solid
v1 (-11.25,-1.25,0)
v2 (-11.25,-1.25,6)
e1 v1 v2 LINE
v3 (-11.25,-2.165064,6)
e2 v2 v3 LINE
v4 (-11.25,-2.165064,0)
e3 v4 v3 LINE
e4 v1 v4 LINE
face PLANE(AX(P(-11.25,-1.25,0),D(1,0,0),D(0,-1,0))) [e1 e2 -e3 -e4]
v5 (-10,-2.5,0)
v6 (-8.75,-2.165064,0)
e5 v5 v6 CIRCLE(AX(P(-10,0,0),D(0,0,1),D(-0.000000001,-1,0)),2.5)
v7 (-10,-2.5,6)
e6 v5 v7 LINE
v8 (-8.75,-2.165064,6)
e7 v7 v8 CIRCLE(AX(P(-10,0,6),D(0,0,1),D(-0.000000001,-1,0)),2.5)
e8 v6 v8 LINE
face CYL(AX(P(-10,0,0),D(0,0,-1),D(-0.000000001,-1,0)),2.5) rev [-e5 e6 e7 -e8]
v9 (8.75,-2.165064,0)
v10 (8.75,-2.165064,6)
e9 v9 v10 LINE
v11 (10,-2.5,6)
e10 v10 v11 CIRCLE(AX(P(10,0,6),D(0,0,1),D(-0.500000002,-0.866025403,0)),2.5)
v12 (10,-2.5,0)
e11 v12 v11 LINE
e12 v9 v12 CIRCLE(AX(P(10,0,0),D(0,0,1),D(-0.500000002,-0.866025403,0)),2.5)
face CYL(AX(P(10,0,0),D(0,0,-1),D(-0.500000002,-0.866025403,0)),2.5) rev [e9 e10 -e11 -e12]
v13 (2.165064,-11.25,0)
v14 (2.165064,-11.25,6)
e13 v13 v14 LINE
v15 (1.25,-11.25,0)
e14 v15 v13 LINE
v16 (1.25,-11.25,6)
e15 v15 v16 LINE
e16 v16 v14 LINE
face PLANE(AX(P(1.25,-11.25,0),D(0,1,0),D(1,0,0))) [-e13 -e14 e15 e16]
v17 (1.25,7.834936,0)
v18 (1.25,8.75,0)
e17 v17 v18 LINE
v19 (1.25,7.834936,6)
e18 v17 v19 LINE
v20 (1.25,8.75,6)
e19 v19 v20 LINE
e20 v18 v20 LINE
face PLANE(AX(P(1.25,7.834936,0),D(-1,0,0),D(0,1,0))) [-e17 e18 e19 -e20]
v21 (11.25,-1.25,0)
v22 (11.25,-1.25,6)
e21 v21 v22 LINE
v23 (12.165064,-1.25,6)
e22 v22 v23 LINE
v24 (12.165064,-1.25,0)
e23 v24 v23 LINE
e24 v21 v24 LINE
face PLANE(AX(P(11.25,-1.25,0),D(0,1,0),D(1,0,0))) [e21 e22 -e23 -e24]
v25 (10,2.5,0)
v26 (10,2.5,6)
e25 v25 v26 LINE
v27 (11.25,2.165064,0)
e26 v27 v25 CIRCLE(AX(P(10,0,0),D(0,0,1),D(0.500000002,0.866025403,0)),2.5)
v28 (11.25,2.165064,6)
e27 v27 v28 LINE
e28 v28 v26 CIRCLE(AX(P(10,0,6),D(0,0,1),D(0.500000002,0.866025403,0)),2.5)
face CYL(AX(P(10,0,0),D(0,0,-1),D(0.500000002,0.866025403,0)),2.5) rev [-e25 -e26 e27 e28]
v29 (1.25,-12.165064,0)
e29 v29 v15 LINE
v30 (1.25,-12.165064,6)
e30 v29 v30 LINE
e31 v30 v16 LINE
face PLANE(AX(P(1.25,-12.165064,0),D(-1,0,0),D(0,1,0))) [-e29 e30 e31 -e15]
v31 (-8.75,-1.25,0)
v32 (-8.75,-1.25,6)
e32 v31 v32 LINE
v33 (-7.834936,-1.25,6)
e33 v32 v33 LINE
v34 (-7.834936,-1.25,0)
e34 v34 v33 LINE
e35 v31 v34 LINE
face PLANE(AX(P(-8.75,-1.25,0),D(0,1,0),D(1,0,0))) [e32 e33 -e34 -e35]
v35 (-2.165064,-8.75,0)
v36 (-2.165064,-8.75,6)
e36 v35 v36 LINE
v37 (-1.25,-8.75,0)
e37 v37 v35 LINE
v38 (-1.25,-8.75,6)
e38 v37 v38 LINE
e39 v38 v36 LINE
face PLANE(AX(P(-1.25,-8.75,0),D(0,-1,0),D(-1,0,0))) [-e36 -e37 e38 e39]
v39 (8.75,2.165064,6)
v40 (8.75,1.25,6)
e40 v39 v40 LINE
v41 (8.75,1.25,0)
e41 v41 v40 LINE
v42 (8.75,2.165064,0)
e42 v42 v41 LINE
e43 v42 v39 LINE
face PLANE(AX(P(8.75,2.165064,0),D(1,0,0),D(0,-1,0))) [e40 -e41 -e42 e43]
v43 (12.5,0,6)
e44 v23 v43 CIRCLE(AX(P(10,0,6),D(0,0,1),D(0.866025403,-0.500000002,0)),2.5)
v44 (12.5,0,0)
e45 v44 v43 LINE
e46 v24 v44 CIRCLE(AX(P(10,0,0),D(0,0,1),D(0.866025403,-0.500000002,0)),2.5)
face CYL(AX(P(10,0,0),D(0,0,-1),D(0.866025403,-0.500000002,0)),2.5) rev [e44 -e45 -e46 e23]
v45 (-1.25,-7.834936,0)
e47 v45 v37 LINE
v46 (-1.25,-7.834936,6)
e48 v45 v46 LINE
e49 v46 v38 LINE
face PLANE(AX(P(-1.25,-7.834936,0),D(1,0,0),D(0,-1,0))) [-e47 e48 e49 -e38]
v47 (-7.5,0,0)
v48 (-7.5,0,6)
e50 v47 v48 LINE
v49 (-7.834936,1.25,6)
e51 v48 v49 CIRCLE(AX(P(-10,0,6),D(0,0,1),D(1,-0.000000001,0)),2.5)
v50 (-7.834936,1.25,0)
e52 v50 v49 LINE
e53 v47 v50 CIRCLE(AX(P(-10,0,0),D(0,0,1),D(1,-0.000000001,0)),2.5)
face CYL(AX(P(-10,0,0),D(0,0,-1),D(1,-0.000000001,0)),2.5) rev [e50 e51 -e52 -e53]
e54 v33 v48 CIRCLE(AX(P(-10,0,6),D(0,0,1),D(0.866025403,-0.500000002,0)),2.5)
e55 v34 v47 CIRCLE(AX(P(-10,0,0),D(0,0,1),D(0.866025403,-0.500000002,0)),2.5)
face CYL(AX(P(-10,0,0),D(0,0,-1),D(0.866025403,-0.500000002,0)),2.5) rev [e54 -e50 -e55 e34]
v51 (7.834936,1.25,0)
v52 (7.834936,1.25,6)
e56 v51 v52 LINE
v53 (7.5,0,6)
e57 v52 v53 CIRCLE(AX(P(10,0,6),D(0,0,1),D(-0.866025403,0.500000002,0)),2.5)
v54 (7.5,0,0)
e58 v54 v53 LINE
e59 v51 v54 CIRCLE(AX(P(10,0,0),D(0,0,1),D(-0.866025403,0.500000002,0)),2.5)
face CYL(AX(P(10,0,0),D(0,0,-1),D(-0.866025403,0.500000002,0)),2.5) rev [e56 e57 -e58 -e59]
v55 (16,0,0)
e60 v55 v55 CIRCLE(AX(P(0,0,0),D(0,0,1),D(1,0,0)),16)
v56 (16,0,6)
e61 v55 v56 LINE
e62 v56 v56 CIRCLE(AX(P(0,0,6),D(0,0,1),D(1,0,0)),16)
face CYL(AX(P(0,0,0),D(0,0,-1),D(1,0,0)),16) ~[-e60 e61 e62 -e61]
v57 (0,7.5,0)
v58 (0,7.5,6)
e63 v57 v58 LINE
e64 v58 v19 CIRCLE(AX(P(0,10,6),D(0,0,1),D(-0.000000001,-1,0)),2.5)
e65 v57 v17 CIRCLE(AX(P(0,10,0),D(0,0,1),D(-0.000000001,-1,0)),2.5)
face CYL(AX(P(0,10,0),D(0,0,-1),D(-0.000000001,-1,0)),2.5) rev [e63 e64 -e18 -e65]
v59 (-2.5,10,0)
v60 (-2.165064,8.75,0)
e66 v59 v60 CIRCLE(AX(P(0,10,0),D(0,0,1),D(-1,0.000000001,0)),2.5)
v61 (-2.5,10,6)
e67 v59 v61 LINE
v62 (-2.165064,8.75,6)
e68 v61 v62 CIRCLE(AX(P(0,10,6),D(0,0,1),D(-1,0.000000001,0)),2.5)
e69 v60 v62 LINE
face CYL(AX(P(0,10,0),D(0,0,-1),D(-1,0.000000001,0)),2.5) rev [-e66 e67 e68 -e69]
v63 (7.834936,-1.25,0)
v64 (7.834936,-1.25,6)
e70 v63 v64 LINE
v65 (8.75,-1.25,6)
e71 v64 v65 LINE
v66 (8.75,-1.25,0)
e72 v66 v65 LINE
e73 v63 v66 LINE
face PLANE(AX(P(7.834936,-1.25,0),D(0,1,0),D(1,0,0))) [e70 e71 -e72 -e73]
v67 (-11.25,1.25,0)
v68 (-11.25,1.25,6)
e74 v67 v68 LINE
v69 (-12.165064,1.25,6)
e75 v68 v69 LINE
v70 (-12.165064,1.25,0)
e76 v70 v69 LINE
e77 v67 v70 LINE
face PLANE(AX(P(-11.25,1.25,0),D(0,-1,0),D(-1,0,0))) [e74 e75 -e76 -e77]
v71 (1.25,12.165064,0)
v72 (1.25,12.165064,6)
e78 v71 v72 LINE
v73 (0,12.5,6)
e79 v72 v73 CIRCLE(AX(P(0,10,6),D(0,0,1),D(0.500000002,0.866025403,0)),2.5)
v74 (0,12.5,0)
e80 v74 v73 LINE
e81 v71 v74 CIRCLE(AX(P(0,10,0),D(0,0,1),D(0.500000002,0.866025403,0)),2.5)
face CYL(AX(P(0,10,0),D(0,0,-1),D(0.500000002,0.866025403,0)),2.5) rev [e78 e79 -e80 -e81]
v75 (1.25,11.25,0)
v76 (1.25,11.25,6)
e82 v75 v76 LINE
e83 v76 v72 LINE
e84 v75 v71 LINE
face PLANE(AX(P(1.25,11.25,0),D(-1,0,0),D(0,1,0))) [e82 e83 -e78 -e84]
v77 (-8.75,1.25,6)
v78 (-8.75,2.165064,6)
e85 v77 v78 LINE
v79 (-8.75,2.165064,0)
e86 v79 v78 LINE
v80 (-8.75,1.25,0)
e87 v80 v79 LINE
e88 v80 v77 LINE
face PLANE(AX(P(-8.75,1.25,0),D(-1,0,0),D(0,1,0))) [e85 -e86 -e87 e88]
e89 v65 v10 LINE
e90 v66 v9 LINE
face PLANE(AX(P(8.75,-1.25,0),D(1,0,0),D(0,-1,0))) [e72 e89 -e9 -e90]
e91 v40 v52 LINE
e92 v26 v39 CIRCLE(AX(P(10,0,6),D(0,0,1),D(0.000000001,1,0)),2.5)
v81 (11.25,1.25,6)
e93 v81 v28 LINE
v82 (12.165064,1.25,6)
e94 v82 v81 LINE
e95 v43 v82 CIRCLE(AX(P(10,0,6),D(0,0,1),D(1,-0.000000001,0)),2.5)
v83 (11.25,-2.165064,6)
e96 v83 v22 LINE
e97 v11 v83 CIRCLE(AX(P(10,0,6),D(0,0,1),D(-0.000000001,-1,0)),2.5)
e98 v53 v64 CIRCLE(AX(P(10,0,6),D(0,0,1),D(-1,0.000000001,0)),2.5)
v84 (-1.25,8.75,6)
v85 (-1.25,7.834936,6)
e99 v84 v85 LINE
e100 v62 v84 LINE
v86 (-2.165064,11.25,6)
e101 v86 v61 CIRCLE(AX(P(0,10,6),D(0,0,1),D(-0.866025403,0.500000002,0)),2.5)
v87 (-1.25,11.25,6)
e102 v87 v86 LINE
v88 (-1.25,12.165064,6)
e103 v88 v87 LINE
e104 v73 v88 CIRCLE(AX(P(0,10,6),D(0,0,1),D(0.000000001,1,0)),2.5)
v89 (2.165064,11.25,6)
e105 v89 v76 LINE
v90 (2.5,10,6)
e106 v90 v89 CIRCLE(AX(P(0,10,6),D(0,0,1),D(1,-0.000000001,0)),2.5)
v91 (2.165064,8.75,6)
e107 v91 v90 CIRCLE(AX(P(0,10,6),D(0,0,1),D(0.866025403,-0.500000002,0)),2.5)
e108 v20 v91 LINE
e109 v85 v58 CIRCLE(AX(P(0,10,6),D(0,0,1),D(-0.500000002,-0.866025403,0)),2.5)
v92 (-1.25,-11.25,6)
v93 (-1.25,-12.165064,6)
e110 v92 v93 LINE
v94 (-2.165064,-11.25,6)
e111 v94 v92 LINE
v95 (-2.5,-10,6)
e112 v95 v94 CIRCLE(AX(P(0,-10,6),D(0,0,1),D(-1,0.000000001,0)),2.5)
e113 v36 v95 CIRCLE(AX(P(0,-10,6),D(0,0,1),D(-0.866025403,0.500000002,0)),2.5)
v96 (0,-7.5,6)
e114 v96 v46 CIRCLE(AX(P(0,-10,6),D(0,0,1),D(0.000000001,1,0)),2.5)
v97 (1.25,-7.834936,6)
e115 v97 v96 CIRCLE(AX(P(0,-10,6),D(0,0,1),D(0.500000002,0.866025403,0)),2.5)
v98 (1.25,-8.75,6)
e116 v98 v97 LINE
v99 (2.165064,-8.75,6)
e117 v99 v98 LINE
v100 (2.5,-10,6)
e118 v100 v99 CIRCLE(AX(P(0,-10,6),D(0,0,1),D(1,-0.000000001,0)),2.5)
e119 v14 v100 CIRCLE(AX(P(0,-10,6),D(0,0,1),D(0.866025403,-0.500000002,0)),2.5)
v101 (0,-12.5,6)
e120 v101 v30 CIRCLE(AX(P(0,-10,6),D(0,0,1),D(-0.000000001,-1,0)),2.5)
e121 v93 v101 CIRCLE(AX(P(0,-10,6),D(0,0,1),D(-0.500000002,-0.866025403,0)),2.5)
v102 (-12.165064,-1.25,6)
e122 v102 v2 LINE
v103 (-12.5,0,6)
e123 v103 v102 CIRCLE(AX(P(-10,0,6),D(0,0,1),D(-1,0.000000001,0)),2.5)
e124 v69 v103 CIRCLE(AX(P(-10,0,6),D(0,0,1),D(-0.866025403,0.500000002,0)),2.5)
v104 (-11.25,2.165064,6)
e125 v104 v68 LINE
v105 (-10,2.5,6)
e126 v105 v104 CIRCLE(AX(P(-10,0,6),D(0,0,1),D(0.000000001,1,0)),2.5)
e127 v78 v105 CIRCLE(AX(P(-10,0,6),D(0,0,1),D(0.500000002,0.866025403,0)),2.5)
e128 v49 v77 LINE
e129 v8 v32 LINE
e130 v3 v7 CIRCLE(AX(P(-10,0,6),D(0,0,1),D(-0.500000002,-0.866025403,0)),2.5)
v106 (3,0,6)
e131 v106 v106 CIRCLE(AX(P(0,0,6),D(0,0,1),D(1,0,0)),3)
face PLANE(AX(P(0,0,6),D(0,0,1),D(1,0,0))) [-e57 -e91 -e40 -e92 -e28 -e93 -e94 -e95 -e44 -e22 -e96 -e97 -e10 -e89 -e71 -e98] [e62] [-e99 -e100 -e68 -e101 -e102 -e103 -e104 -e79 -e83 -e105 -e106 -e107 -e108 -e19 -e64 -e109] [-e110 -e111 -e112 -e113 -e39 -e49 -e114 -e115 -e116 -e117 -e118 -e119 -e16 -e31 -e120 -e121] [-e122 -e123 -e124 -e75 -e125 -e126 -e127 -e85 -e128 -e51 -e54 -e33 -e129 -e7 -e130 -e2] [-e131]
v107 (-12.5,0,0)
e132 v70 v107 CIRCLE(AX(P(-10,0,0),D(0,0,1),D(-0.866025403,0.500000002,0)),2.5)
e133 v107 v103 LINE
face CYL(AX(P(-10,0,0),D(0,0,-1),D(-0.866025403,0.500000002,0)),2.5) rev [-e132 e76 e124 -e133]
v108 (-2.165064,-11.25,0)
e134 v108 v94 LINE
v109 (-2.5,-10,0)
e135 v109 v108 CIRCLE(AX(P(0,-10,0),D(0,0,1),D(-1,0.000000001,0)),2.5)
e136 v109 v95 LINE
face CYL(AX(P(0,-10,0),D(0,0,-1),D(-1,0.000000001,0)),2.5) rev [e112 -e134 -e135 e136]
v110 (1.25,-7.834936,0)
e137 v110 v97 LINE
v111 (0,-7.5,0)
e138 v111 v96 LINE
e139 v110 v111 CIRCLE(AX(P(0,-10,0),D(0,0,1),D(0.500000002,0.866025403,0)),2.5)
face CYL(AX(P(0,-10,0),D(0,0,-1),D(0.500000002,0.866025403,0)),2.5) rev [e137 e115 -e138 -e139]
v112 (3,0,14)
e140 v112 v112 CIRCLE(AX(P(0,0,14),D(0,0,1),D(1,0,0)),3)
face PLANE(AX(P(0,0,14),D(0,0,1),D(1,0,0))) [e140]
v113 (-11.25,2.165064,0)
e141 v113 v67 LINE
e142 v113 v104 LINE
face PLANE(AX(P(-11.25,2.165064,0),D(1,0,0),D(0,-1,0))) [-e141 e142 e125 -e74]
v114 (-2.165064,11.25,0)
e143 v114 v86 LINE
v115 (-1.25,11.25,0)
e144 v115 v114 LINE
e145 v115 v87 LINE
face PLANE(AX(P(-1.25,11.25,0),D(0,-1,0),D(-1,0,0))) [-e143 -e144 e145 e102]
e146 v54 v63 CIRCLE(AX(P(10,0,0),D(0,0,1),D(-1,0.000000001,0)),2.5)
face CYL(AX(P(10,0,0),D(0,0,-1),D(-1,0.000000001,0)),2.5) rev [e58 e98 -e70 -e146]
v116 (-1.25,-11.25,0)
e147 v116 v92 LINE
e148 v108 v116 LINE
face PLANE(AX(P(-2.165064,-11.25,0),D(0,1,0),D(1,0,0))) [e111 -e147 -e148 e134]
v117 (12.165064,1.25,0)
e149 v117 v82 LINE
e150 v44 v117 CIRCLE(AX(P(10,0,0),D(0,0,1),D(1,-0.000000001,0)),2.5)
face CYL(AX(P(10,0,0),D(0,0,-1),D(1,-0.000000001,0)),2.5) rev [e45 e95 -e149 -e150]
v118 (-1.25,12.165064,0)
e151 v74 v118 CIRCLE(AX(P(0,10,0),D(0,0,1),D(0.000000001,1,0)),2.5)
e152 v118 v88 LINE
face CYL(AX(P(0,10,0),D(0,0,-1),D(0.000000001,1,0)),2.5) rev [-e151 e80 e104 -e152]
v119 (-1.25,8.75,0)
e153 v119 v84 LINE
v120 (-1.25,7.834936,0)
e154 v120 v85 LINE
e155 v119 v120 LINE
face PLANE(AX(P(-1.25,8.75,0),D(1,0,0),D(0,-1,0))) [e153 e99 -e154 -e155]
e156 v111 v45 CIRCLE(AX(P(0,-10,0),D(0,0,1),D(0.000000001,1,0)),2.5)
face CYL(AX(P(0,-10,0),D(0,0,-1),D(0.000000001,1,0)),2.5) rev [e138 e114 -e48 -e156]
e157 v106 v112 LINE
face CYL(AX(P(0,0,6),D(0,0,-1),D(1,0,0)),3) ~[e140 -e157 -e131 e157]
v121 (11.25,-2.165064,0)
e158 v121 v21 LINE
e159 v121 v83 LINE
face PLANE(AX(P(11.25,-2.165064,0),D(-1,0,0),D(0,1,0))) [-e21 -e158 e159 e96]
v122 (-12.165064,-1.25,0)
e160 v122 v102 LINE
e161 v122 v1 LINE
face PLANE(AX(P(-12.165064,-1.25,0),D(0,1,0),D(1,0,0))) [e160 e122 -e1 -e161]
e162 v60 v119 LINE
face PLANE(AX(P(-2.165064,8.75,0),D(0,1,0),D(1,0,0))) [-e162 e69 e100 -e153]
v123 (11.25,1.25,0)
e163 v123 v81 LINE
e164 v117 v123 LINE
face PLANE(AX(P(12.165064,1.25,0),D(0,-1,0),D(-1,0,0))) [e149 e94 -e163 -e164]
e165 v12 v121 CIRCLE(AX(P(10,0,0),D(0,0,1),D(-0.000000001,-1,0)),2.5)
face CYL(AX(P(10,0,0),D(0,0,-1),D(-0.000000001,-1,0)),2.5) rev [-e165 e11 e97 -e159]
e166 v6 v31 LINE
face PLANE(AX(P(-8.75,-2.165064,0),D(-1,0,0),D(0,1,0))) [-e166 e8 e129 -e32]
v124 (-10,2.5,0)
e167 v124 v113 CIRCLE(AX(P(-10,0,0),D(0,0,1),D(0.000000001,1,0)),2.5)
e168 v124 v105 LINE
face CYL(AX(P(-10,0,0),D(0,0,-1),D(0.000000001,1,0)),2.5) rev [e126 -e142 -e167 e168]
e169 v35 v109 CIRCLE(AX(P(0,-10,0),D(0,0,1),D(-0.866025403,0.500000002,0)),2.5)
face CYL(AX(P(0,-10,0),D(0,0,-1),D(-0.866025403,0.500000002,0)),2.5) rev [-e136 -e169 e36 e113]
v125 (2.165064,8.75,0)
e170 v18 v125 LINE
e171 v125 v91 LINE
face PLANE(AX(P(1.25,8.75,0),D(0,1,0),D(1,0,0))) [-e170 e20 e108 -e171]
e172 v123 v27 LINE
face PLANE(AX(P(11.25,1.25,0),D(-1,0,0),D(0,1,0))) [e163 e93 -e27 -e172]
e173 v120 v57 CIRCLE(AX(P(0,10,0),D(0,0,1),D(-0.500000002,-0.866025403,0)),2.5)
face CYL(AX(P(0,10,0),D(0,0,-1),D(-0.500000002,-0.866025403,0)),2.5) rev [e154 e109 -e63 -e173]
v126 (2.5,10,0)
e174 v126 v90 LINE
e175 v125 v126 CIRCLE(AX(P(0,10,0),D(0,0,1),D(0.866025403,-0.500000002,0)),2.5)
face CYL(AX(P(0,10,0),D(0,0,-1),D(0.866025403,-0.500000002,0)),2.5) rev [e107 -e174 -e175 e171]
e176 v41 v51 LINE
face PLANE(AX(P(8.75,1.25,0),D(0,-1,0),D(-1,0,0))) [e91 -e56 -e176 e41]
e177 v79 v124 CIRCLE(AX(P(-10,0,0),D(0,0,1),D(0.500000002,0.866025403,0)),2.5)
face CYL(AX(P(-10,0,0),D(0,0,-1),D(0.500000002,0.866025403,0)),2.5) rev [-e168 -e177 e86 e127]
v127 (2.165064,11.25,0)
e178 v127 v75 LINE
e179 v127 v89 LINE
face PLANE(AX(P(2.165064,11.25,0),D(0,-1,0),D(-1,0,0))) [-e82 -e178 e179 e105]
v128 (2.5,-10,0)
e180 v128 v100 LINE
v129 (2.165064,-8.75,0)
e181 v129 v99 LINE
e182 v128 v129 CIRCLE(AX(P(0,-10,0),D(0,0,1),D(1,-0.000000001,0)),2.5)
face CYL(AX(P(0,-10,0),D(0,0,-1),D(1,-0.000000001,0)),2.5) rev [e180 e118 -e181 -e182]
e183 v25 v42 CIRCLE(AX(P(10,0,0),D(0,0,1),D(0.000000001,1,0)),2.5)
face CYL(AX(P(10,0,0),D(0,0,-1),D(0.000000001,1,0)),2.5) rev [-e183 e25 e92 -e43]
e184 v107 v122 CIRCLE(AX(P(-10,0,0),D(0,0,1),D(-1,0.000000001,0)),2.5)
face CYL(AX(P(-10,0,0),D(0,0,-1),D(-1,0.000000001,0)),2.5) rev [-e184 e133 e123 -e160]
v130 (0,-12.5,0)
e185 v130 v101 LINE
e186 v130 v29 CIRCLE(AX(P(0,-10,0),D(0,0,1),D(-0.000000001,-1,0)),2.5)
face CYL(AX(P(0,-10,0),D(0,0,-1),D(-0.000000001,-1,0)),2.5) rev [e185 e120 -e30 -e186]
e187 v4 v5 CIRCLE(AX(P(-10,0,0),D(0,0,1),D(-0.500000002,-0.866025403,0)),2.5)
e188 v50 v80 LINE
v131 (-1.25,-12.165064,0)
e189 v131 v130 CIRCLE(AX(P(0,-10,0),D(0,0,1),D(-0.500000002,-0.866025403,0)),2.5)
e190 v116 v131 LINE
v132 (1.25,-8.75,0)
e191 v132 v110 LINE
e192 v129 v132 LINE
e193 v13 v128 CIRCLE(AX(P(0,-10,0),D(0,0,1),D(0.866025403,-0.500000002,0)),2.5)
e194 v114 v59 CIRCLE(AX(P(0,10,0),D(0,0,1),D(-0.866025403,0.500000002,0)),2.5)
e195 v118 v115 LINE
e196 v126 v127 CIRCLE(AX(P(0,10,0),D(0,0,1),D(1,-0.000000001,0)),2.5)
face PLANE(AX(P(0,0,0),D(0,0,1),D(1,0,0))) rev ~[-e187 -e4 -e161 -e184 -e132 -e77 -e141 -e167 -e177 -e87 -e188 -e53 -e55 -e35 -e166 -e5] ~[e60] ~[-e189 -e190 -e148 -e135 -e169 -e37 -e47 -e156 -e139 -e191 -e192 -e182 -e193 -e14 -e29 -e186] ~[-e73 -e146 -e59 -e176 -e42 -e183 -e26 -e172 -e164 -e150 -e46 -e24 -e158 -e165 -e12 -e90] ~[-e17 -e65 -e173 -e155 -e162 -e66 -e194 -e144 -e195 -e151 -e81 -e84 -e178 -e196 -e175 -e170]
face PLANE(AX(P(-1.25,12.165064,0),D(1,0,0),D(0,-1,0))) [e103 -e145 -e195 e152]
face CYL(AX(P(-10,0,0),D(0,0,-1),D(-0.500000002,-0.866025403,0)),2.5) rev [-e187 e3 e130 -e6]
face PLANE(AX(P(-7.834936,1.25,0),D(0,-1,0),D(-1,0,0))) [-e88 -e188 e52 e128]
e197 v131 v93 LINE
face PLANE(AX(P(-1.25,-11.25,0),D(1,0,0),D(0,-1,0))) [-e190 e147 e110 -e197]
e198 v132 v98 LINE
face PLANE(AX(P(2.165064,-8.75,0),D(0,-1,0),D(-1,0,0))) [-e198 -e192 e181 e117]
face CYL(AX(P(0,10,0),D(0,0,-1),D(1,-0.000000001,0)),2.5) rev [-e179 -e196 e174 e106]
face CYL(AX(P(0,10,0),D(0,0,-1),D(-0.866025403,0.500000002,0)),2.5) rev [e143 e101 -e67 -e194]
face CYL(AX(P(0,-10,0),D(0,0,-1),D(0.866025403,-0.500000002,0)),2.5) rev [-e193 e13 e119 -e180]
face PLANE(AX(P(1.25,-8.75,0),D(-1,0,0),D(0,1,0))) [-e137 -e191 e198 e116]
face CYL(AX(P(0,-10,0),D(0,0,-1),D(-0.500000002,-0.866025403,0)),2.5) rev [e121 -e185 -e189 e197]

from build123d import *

# Parameters (mm, degrees)
CROQUIS1_R              = 16
SALIENTE_EXTRUIR1_DEPTH = 6
CROQUIS2_R              = 3
SALIENTE_EXTRUIR2_DEPTH = 8


with BuildPart() as part:
    # Croquis1 → Saliente-Extruir1 (new body)
    with BuildSketch(Plane.XY):
        Circle(CROQUIS1_R)
        with BuildLine():
            Line((2.165063509, 11.25), (1.25, 11.25))
            Line((1.25, 11.25), (1.25, 12.165063509))
            ThreePointArc((1.25, 12.165063509), (0.647047613, 12.414814566), (0, 12.5))
            ThreePointArc((0, 12.5), (-0.647047613, 12.414814566), (-1.25, 12.165063509))
            Line((-1.25, 12.165063509), (-1.25, 11.25))
            Line((-1.25, 11.25), (-2.165063509, 11.25))
            ThreePointArc((-2.165063509, 11.25), (-2.414814566, 10.647047613), (-2.5, 10))
            ThreePointArc((-2.5, 10), (-2.414814566, 9.352952387), (-2.165063509, 8.75))
            Line((-2.165063509, 8.75), (-1.25, 8.75))
            Line((-1.25, 8.75), (-1.25, 7.834936491))
            ThreePointArc((-1.25, 7.834936491), (-0.647047613, 7.585185434), (0, 7.5))
            ThreePointArc((0, 7.5), (0.647047613, 7.585185434), (1.25, 7.834936491))
            Line((1.25, 7.834936491), (1.25, 8.75))
            Line((1.25, 8.75), (2.165063509, 8.75))
            ThreePointArc((2.165063509, 8.75), (2.414814566, 9.352952387), (2.5, 10))
            ThreePointArc((2.5, 10), (2.414814566, 10.647047613), (2.165063509, 11.25))
        make_face(mode=Mode.SUBTRACT)
        with BuildLine():
            Line((11.25, -1.25), (12.165063509, -1.25))
            ThreePointArc((12.165063509, -1.25), (12.414814566, -0.647047613), (12.5, 0))
            ThreePointArc((12.5, 0), (12.414814566, 0.647047613), (12.165063509, 1.25))
            Line((12.165063509, 1.25), (11.25, 1.25))
            Line((11.25, 1.25), (11.25, 2.165063509))
            ThreePointArc((11.25, 2.165063509), (10.647047613, 2.414814566), (10, 2.5))
            ThreePointArc((10, 2.5), (9.352952387, 2.414814566), (8.75, 2.165063509))
            Line((8.75, 2.165063509), (8.75, 1.25))
            Line((8.75, 1.25), (7.834936491, 1.25))
            ThreePointArc((7.834936491, 1.25), (7.585185434, 0.647047613), (7.5, 0))
            ThreePointArc((7.5, 0), (7.585185434, -0.647047613), (7.834936491, -1.25))
            Line((7.834936491, -1.25), (8.75, -1.25))
            Line((8.75, -1.25), (8.75, -2.165063509))
            ThreePointArc((8.75, -2.165063509), (9.352952387, -2.414814566), (10, -2.5))
            ThreePointArc((10, -2.5), (10.647047613, -2.414814566), (11.25, -2.165063509))
            Line((11.25, -2.165063509), (11.25, -1.25))
        make_face(mode=Mode.SUBTRACT)
        with BuildLine():
            Line((-1.25, -11.25), (-1.25, -12.165063509))
            ThreePointArc((-1.25, -12.165063509), (-0.647047613, -12.414814566), (0, -12.5))
            ThreePointArc((0, -12.5), (0.647047613, -12.414814566), (1.25, -12.165063509))
            Line((1.25, -12.165063509), (1.25, -11.25))
            Line((1.25, -11.25), (2.165063509, -11.25))
            ThreePointArc((2.165063509, -11.25), (2.414814566, -10.647047613), (2.5, -10))
            ThreePointArc((2.5, -10), (2.414814566, -9.352952387), (2.165063509, -8.75))
            Line((2.165063509, -8.75), (1.25, -8.75))
            Line((1.25, -8.75), (1.25, -7.834936491))
            ThreePointArc((1.25, -7.834936491), (0.647047613, -7.585185434), (0, -7.5))
            ThreePointArc((0, -7.5), (-0.647047613, -7.585185434), (-1.25, -7.834936491))
            Line((-1.25, -7.834936491), (-1.25, -8.75))
            Line((-1.25, -8.75), (-2.165063509, -8.75))
            ThreePointArc((-2.165063509, -8.75), (-2.414814566, -9.352952387), (-2.5, -10))
            ThreePointArc((-2.5, -10), (-2.414814566, -10.647047613), (-2.165063509, -11.25))
            Line((-2.165063509, -11.25), (-1.25, -11.25))
        make_face(mode=Mode.SUBTRACT)
        with BuildLine():
            Line((-11.25, 1.25), (-12.165063509, 1.25))
            ThreePointArc((-12.165063509, 1.25), (-12.414814566, 0.647047613), (-12.5, 0))
            ThreePointArc((-12.5, 0), (-12.414814566, -0.647047613), (-12.165063509, -1.25))
            Line((-12.165063509, -1.25), (-11.25, -1.25))
            Line((-11.25, -1.25), (-11.25, -2.165063509))
            ThreePointArc((-11.25, -2.165063509), (-10.647047613, -2.414814566), (-10, -2.5))
            ThreePointArc((-10, -2.5), (-9.352952387, -2.414814566), (-8.75, -2.165063509))
            Line((-8.75, -2.165063509), (-8.75, -1.25))
            Line((-8.75, -1.25), (-7.834936491, -1.25))
            ThreePointArc((-7.834936491, -1.25), (-7.585185434, -0.647047613), (-7.5, 0))
            ThreePointArc((-7.5, 0), (-7.585185434, 0.647047613), (-7.834936491, 1.25))
            Line((-7.834936491, 1.25), (-8.75, 1.25))
            Line((-8.75, 1.25), (-8.75, 2.165063509))
            ThreePointArc((-8.75, 2.165063509), (-9.352952387, 2.414814566), (-10, 2.5))
            ThreePointArc((-10, 2.5), (-10.647047613, 2.414814566), (-11.25, 2.165063509))
            Line((-11.25, 2.165063509), (-11.25, 1.25))
        make_face(mode=Mode.SUBTRACT)
    extrude(amount=SALIENTE_EXTRUIR1_DEPTH)

    # Croquis2 → Saliente-Extruir2 (add)
    with BuildSketch(Plane.XY.offset(6)):
        Circle(CROQUIS2_R)
    extrude(amount=SALIENTE_EXTRUIR2_DEPTH)


solid = part.part
